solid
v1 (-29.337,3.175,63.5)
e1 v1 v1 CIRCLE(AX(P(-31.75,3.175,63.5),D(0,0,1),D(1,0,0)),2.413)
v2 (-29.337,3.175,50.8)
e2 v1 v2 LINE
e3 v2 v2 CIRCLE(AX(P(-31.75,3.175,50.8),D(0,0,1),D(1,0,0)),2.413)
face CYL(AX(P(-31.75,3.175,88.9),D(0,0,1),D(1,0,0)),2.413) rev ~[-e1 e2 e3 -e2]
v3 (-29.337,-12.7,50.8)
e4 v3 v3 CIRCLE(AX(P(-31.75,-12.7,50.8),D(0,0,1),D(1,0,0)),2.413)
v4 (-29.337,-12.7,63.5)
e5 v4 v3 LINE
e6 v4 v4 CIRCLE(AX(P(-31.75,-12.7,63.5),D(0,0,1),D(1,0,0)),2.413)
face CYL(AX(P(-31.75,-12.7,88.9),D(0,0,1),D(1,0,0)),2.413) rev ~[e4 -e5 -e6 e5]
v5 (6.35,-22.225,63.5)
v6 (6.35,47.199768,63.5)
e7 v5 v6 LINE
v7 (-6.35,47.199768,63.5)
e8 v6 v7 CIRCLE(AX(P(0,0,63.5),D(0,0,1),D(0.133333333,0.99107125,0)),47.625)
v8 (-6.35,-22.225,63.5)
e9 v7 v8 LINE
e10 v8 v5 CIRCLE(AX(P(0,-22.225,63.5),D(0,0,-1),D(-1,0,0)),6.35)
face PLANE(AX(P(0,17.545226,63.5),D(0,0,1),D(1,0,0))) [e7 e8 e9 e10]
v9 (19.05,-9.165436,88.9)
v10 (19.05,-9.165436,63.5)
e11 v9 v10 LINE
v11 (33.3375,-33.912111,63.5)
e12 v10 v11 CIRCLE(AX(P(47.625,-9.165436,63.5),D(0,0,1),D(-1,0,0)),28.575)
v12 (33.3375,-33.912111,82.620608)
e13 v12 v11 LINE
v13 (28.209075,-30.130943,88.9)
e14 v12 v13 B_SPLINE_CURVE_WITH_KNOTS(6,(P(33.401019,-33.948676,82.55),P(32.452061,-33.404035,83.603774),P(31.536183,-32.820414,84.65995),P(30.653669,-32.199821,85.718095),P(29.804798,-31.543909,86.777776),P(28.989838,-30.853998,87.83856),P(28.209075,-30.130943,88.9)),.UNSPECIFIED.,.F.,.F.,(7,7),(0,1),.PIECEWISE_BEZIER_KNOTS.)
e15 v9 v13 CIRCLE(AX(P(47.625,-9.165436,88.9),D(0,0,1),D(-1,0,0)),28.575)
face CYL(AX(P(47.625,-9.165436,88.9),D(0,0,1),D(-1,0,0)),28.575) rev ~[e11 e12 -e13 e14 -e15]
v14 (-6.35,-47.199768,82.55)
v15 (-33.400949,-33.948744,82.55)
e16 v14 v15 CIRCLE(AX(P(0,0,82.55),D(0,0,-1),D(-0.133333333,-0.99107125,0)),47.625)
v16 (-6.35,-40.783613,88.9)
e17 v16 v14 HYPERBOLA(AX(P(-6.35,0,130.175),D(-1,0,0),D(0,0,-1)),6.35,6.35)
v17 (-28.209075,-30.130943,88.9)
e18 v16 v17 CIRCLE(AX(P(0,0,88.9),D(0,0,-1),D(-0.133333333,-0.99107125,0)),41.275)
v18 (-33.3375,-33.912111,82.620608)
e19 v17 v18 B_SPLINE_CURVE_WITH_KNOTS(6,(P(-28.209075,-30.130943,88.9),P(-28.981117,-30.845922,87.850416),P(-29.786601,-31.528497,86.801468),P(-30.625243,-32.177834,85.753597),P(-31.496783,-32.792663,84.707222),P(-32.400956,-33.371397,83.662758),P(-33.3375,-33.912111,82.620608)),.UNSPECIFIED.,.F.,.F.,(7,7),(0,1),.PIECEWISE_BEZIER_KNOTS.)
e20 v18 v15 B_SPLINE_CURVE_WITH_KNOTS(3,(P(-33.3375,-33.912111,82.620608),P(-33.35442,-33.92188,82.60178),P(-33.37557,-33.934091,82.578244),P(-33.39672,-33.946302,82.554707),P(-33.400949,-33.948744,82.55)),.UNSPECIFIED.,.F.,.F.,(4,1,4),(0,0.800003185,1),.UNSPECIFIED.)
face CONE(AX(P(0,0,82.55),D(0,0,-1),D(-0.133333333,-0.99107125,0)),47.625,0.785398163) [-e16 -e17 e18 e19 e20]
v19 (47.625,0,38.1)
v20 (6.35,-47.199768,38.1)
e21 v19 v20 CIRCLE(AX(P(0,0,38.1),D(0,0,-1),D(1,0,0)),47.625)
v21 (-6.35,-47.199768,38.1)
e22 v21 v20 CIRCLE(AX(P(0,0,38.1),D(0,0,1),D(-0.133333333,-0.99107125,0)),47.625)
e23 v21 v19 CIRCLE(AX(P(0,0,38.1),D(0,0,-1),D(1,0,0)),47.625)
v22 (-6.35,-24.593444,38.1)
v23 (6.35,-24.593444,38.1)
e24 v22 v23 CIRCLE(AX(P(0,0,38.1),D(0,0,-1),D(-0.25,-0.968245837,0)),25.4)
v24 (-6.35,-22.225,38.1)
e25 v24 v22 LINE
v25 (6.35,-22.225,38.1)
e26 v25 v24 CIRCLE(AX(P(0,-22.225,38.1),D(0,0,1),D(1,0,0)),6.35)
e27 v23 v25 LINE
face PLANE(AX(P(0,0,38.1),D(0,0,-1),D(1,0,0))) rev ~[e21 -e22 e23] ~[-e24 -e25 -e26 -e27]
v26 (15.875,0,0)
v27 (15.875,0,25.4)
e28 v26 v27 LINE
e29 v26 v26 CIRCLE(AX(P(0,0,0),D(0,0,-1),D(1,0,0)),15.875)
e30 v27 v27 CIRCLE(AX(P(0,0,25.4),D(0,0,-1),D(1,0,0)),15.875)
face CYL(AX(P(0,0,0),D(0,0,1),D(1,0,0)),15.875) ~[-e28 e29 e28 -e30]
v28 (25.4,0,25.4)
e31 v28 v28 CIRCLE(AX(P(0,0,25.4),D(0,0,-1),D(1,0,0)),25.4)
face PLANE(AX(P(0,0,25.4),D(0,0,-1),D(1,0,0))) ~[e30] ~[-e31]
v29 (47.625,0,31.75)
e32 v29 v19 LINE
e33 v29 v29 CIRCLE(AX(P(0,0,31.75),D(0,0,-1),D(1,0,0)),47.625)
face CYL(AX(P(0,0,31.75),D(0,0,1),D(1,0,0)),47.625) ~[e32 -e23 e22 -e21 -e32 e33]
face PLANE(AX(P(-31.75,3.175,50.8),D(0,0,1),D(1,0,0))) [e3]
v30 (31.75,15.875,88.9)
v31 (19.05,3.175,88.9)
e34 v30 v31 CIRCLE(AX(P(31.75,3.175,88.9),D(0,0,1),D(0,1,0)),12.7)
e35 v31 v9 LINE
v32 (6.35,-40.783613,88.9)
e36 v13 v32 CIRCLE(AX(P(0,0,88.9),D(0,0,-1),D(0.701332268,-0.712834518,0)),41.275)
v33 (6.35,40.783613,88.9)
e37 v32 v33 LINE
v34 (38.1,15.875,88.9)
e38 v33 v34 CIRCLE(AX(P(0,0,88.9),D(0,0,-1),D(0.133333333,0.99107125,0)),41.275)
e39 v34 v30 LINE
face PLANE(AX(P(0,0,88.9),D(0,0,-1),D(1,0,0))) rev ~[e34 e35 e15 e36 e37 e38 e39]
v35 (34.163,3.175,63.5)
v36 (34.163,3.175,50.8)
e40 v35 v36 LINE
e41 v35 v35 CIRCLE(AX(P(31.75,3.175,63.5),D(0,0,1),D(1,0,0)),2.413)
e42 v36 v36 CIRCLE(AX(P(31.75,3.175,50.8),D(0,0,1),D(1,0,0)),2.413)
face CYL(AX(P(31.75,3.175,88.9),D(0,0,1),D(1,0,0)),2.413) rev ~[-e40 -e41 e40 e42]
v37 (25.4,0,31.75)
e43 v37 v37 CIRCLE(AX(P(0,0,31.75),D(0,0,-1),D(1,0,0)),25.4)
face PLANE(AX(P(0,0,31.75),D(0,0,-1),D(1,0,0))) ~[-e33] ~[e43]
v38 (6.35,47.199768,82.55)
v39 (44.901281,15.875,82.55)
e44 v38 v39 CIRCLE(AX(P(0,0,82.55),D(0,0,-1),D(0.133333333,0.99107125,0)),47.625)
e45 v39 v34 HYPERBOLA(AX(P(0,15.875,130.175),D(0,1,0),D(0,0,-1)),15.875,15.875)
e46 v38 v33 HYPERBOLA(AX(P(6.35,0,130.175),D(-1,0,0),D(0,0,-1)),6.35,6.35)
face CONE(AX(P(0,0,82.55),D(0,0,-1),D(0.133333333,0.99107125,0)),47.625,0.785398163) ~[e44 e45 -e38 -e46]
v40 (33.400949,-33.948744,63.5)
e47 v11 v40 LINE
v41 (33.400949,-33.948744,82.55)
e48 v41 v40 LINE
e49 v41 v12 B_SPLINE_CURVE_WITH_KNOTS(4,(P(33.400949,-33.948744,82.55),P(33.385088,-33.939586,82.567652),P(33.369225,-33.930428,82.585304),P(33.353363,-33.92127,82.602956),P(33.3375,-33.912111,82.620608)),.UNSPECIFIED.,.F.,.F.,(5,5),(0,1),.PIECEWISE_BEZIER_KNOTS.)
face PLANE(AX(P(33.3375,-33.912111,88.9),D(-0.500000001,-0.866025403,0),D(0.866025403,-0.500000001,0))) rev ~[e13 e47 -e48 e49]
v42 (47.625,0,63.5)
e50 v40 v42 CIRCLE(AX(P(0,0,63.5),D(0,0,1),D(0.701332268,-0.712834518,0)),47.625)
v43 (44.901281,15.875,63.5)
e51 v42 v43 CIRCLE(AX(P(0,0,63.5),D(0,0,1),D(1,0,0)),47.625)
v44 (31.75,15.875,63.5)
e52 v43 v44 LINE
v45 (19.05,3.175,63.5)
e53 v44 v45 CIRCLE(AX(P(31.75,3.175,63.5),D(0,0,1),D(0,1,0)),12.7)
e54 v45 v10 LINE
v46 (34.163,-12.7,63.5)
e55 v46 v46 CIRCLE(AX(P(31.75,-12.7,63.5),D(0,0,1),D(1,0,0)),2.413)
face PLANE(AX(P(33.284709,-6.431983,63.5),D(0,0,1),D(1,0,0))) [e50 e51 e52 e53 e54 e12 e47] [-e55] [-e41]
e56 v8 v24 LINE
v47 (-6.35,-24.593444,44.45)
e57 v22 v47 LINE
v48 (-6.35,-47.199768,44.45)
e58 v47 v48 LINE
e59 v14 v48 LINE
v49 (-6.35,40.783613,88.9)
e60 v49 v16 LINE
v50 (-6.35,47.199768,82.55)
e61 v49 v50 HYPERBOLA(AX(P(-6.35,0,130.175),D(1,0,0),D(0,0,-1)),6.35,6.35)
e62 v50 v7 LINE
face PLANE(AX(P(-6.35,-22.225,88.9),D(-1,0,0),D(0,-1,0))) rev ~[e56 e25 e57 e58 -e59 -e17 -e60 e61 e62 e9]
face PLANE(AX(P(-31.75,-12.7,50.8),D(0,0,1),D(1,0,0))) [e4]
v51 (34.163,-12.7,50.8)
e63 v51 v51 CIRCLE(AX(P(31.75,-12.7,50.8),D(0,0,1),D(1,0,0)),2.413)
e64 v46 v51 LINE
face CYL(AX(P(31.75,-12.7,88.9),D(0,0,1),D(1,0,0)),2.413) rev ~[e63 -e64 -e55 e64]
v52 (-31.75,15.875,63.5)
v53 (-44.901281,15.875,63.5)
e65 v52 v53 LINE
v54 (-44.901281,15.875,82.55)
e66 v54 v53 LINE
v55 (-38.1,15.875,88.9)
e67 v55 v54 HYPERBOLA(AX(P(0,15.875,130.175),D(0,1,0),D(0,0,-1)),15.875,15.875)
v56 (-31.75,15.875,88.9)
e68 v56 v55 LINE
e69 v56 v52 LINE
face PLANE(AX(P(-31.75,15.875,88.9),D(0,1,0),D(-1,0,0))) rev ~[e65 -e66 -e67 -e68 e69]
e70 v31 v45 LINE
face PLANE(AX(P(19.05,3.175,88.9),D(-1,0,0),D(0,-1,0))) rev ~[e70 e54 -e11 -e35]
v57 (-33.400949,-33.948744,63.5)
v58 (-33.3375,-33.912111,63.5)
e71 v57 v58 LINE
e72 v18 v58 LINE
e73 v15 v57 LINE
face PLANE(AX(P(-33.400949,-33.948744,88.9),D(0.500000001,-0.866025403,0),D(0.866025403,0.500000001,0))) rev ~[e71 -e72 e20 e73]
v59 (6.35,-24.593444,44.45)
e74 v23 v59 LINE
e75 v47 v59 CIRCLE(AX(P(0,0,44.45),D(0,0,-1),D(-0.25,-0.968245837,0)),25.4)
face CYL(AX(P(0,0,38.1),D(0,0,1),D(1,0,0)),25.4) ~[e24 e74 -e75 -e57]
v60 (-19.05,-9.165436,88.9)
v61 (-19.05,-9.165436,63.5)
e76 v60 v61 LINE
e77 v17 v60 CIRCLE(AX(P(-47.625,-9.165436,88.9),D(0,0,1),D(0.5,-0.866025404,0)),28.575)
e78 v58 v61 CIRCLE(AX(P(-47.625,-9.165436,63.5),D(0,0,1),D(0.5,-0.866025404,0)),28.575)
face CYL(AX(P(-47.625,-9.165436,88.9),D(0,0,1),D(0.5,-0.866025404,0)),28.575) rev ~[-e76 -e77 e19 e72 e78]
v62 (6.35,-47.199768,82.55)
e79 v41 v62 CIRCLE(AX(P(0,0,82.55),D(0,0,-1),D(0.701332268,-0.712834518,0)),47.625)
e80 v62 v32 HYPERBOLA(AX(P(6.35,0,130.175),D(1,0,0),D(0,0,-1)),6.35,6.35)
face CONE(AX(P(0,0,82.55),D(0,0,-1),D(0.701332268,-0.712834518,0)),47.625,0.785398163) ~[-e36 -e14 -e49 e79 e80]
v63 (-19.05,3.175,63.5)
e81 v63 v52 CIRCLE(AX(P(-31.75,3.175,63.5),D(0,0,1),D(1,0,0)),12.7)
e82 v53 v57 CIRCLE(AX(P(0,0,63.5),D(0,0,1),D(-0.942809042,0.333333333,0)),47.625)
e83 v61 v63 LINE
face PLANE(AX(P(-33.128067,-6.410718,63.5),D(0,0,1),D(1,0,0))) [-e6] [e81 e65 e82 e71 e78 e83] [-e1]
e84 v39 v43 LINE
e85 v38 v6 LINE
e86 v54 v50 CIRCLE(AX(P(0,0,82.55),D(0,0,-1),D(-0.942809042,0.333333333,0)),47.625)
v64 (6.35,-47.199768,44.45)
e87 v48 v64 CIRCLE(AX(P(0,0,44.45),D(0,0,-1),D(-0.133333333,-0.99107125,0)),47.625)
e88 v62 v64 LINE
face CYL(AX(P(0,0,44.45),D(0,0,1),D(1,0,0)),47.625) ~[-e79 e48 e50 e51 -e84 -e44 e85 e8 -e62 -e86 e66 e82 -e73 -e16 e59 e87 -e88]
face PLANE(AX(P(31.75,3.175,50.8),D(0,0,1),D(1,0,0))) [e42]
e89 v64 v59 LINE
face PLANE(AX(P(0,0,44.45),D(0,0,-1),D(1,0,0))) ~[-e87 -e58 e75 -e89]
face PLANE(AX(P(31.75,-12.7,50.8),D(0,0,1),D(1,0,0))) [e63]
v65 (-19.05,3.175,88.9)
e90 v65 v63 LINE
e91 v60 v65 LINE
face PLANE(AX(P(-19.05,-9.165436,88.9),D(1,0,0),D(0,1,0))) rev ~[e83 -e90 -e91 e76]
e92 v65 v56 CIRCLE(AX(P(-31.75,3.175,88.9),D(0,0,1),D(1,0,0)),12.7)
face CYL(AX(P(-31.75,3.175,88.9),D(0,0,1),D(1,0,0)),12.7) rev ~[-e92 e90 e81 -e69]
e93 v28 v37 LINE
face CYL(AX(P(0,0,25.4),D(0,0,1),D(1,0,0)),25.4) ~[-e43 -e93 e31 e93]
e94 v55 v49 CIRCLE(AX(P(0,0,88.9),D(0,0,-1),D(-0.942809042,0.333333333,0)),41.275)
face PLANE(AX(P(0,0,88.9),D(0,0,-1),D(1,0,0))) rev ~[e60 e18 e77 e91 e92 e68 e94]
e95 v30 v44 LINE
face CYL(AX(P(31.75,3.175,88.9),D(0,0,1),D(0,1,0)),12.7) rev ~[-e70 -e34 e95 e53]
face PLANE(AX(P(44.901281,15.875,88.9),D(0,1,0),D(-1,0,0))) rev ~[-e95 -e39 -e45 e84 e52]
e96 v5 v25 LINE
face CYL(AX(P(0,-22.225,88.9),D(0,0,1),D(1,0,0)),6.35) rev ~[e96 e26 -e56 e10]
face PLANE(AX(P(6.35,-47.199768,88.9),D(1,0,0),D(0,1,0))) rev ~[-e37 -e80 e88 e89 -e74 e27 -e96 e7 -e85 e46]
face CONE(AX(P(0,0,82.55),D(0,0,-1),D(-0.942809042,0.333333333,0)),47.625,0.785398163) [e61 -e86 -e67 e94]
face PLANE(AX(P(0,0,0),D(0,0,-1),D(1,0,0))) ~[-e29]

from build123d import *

# Parameters (mm, degrees)
F2_R     = 2.413
F3_DEPTH = 25.4
F4_DEPTH = 50.8
F5_DEPTH = 38.1
F8_SIZE  = 6.35


with BuildPart() as f1:
    # F0 (on Front) → F1 (revolve)
    with BuildSketch(Plane.XZ):
        Polygon((0, 0), (15.875, 0), (15.875, 25.4), (25.4, 25.4), (25.4, 31.75), (47.625, 31.75), (47.625, 38.1), (25.4, 38.1), (25.4, 44.45), (28.9087127894, 44.45), (47.625, 44.45), (47.625, 88.9), (0, 88.9), align=None)
    revolve(axis=Axis((0, 0, 44.45), (0, 0, -1)))

    # F2 (on face) → F3 (cut)
    with BuildSketch(Plane.XY.offset(88.9)):
        with BuildLine():
            ThreePointArc((47.625, 0), (46.9391314035, 8.0534817368), (44.9012806053, 15.875))
            Line((44.9012806053, 15.875), (31.75, 15.875))
            ThreePointArc((31.75, 15.875), (22.7697438789, 12.1552561211), (19.05, 3.175))
            Line((19.05, 3.175), (19.05, -9.1654355234))
            ThreePointArc((19.05, -9.1654355234), (22.8783240869, -23.4529355234), (33.3375, -33.9121114365))
            Line((33.3375, -33.9121114365), (33.4009492811, -33.9487438961))
            ThreePointArc((33.4009492811, -33.9487438961), (43.9252822103, -18.4040812795), (47.625, 0))
        make_face()
        with Locations((31.75, -12.7)):
            Circle(F2_R, mode=Mode.SUBTRACT)
        with Locations((31.75, 3.175)):
            Circle(F2_R, mode=Mode.SUBTRACT)
        with BuildLine():
            Line((-6.35, 47.1997682727), (-6.35, -10.9985226281))
            Line((-6.35, -10.9985226281), (0, -14.6646968374))
            Line((0, -14.6646968374), (6.35, -10.9985226281))
            Line((6.35, -10.9985226281), (6.35, 47.1997682727))
            ThreePointArc((6.35, 47.1997682727), (0, 47.625), (-6.35, 47.1997682727))
        make_face()
        with BuildLine():
            ThreePointArc((-33.3375, -33.9121114365), (-22.8783240869, -23.4529355234), (-19.05, -9.1654355234))
            Line((-19.05, -9.1654355234), (-19.05, 3.175))
            ThreePointArc((-19.05, 3.175), (-22.7697438789, 12.1552561211), (-31.75, 15.875))
            Line((-31.75, 15.875), (-44.9012806053, 15.875))
            ThreePointArc((-44.9012806053, 15.875), (-46.4048614399, -10.711183863), (-33.4009492811, -33.9487438961))
            Line((-33.4009492811, -33.9487438961), (-33.3375, -33.9121114365))
        make_face()
        with Locations((-31.75, -12.7)):
            Circle(F2_R, mode=Mode.SUBTRACT)
        with Locations((-31.75, 3.175)):
            Circle(F2_R, mode=Mode.SUBTRACT)
        with BuildLine():
            Line((0, -14.6646968374), (-6.35, -18.3308710468))
            Line((-6.35, -18.3308710468), (-6.35, -22.225))
            ThreePointArc((-6.35, -22.225), (0, -15.875), (6.35, -22.225))
            Line((6.35, -22.225), (6.35, -18.3308710468))
            Line((6.35, -18.3308710468), (0, -14.6646968374))
        make_face()
        Polygon((6.35, -10.9985226281), (0, -14.6646968374), (6.35, -18.3308710468), align=None)
        Polygon((-6.35, -10.9985226281), (-6.35, -18.3308710468), (0, -14.6646968374), align=None)
        with Locations((-31.75, 3.175)):
            Circle(F2_R)
        with Locations((-31.75, -12.7)):
            Circle(F2_R)
        with Locations((31.75, -12.7)):
            Circle(F2_R)
        with Locations((31.75, 3.175)):
            Circle(F2_R)
    extrude(amount=-F3_DEPTH, mode=Mode.SUBTRACT)

    # F2 (on face) → F4 (cut)
    with BuildSketch(Plane.XY.offset(88.9)):
        with BuildLine():
            ThreePointArc((6.35, -22.225), (0, -15.875), (-6.35, -22.225))
            Line((-6.35, -22.225), (6.35, -22.225))
        make_face()
        with BuildLine():
            Line((-6.35, -22.225), (-6.35, -47.1997682727))
            ThreePointArc((-6.35, -47.1997682727), (0, -47.625), (6.35, -47.1997682727))
            Line((6.35, -47.1997682727), (6.35, -22.225))
            Line((6.35, -22.225), (-6.35, -22.225))
        make_face()
    extrude(amount=-F4_DEPTH, mode=Mode.SUBTRACT)

    # F2 (on face) → F5 (cut)
    with BuildSketch(Plane.XY.offset(88.9)):
        with Locations((-31.75, 3.175)):
            Circle(F2_R)
        with Locations((-31.75, -12.7)):
            Circle(F2_R)
        with Locations((31.75, 3.175)):
            Circle(F2_R)
        with Locations((31.75, -12.7)):
            Circle(F2_R)
    extrude(amount=-F5_DEPTH, mode=Mode.SUBTRACT)

    # F8
    f8_edges = [f1.edges().sort_by_distance(p)[0] for p in [
        (20.950702, -42.76925, 88.9),
        (-20.950702, -42.76925, 88.9),
        (-30.033044, 36.96156, 88.9),
        (30.033044, 36.96156, 88.9),
    ]]
    chamfer(f8_edges, length=F8_SIZE)


solid = f1.part
